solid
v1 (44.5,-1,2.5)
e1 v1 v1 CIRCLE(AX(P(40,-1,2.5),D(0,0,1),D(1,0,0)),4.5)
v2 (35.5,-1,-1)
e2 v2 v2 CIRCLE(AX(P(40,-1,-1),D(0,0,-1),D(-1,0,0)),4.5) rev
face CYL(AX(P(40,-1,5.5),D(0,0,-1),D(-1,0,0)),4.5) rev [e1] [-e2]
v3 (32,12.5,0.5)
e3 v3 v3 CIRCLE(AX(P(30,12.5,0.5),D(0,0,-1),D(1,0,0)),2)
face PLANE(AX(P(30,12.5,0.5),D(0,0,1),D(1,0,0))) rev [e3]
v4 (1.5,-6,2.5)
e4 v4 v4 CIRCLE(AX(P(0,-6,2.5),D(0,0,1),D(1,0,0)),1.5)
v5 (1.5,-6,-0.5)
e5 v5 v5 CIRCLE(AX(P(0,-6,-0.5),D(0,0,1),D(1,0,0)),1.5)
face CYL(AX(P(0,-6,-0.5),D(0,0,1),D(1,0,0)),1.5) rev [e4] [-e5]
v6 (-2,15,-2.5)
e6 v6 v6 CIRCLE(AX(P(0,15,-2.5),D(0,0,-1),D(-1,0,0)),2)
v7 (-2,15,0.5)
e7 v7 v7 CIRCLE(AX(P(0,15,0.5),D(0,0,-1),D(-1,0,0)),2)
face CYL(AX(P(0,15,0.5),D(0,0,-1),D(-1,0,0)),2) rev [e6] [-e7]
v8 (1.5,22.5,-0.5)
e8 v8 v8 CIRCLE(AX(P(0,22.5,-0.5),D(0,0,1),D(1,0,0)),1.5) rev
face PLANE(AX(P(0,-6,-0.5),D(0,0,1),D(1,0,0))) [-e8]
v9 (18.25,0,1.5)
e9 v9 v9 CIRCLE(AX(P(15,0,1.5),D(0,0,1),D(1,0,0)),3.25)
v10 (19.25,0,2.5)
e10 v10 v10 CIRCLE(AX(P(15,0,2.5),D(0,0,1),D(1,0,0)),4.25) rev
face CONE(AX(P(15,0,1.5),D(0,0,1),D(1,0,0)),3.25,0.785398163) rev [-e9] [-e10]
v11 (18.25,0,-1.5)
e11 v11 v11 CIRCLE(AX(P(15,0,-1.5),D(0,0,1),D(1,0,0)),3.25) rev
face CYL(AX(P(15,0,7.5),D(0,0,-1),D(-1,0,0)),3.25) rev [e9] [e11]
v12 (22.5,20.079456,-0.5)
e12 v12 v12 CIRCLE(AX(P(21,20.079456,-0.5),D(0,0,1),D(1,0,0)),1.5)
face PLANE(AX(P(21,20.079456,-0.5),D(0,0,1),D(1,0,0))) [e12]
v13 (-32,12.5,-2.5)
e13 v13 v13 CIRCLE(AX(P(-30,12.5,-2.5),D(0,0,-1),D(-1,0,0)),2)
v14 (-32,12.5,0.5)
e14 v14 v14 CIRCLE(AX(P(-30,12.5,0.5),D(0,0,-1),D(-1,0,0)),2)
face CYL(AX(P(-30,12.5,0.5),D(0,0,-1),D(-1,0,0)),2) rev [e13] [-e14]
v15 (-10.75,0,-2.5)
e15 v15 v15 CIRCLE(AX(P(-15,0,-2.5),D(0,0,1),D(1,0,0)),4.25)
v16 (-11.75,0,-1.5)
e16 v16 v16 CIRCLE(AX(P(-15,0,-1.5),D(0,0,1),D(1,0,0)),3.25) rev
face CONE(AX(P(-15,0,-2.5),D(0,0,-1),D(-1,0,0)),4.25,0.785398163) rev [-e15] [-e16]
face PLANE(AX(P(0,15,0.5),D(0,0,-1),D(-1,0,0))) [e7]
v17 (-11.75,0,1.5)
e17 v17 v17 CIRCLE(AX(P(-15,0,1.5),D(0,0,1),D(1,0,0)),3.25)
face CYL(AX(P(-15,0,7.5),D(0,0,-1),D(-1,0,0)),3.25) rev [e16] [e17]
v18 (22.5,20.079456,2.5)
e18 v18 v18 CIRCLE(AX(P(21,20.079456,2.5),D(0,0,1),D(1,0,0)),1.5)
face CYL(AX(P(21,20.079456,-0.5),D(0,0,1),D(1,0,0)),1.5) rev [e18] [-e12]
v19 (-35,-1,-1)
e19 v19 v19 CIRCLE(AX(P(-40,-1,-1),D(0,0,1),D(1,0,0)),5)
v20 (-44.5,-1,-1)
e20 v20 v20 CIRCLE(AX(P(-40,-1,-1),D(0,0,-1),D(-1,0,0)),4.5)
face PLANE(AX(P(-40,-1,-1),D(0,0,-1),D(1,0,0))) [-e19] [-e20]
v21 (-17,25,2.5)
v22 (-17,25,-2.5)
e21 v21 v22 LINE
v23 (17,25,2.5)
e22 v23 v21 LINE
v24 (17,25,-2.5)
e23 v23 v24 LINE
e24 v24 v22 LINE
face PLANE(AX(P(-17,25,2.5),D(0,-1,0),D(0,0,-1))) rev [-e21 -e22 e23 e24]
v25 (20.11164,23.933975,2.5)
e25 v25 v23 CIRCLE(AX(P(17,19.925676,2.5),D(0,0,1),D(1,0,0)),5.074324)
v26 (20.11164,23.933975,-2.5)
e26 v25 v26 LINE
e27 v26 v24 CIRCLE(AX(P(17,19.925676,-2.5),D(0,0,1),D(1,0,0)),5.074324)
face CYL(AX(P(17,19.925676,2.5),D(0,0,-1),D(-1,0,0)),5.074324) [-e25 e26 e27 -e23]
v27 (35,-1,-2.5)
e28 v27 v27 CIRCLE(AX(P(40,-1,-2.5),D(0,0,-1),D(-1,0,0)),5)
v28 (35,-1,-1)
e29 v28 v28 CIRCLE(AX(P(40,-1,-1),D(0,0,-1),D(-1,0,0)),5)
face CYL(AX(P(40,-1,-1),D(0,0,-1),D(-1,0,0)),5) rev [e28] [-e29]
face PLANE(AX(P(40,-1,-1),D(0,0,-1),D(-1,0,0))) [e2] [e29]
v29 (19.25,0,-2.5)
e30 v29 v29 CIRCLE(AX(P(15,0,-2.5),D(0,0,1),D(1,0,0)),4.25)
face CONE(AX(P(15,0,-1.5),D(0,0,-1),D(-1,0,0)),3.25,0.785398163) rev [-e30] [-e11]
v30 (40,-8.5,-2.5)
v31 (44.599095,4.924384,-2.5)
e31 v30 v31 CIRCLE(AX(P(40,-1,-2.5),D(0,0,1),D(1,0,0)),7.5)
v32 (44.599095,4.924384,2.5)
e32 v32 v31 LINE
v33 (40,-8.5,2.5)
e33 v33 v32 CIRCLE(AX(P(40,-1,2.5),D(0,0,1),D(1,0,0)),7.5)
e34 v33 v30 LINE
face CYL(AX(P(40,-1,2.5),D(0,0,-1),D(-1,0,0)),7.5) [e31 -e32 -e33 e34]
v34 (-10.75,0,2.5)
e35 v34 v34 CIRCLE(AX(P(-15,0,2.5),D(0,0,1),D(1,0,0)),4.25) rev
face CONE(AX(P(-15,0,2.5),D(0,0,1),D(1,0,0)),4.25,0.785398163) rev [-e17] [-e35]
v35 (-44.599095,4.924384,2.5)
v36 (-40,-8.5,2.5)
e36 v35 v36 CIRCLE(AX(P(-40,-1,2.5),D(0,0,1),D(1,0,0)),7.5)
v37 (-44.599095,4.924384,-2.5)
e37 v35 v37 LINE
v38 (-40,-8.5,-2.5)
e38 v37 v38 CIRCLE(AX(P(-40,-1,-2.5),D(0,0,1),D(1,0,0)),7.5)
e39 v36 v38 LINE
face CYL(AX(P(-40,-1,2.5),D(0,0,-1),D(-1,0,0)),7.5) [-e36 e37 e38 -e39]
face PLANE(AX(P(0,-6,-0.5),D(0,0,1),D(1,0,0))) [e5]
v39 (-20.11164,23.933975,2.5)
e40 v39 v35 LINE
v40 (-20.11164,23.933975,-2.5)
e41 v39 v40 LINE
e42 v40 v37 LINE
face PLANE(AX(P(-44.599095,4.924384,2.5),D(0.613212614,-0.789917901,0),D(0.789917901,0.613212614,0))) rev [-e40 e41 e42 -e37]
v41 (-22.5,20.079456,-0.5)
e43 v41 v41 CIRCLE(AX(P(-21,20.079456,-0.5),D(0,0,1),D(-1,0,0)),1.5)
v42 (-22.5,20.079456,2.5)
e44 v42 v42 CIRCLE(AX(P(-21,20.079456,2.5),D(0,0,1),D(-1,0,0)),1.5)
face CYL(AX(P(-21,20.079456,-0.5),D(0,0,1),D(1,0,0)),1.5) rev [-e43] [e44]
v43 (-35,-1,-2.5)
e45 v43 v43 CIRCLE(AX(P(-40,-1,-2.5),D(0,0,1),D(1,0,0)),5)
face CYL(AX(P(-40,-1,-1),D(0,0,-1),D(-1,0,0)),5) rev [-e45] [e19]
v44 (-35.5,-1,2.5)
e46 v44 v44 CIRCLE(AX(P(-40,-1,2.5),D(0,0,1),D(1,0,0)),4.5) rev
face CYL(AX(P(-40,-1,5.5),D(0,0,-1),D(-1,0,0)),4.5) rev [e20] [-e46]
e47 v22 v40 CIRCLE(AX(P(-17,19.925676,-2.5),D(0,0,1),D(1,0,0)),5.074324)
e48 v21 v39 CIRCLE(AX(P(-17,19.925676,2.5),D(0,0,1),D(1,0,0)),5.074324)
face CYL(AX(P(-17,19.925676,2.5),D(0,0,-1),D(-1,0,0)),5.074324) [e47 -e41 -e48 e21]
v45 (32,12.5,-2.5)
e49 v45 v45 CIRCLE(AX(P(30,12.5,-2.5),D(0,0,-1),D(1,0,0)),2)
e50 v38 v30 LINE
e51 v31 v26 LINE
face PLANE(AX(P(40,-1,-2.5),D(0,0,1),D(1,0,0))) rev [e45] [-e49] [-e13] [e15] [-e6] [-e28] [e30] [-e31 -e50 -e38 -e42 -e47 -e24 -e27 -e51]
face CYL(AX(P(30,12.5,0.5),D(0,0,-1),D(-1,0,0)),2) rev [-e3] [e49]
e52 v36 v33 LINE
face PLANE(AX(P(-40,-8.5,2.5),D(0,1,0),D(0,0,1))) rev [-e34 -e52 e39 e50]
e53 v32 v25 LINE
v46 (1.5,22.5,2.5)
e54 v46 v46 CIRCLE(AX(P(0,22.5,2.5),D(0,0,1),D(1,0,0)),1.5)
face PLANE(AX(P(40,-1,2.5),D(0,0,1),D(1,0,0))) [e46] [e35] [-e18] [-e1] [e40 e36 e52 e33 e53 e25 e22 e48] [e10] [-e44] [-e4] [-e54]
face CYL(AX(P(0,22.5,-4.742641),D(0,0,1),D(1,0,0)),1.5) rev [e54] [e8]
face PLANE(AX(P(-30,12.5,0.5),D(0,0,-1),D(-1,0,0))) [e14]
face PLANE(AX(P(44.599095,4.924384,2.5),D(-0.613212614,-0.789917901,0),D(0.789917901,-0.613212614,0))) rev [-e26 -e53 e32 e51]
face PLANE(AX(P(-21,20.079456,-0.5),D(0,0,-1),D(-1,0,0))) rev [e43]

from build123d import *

# Parameters (mm, degrees)
BOSS_EXTRUDE2_DEPTH      = 2.5
SKETCH3_R                = 4.5
CUT_EXTRUDE3_DEPTH       = 8
SKETCH4_R                = 5
CUT_EXTRUDE4_DEPTH       = 1.5
SKETCH5_R                = 3.25
CUT_EXTRUDE5_DEPTH       = 10
CHAMFER6_SIZE            = 1
CHAMFER6_OF_MIRROR7_SIZE = 1
SKETCH6_R                = 2
CUT_EXTRUDE6_DEPTH       = 3
SKETCH7_R                = 1.5
CUT_EXTRUDE7_DEPTH       = 3
SKETCH8_R                = 1.5
CUT_EXTRUDE8_DEPTH       = 3


with BuildPart() as part:
    # Sketch1 → Boss-Extrude2 (new body, symmetric)
    with BuildSketch(Plane.XY):
        with BuildLine():
            Line((-44.599094606, 4.924384255), (-20.111639684, 23.933975293))
            ThreePointArc((-20.111639684, 23.933975293), (-18.64459039, 24.726101678), (-17, 25))
            Line((-17, 25), (17, 25))
            ThreePointArc((17, 25), (18.64459039, 24.726101678), (20.111639684, 23.933975293))
            Line((20.111639684, 23.933975293), (44.599094606, 4.924384255))
            ThreePointArc((44.599094606, 4.924384255), (47.095170256, -3.430752773), (40, -8.5))
            Line((40, -8.5), (-40, -8.5))
            ThreePointArc((-40, -8.5), (-47.095170256, -3.430752773), (-44.599094606, 4.924384255))
        make_face()
    extrude(amount=BOSS_EXTRUDE2_DEPTH, both=True)

    # Sketch3 → Cut-Extrude3 (cut)
    with BuildSketch(Plane(origin=(0, 0, -2.5), x_dir=(-1, 0, 0), z_dir=(0, 0, -1))):
        with Locations((-40, -1)):
            Circle(SKETCH3_R)
    cut_extrude3 = extrude(amount=-CUT_EXTRUDE3_DEPTH, mode=Mode.SUBTRACT)

    # Sketch4 → Cut-Extrude4 (cut)
    with BuildSketch(Plane(origin=(0, 0, -2.5), x_dir=(-1, 0, 0), z_dir=(0, 0, -1))):
        with Locations((-40, -1)):
            Circle(SKETCH4_R)
    cut_extrude4 = extrude(amount=-CUT_EXTRUDE4_DEPTH, mode=Mode.SUBTRACT)

    # Mirror1: Cut-Extrude3, Cut-Extrude4 across plane
    add(cut_extrude3.mirror(Plane(origin=(0, 0, 0), x_dir=(0, 0, 1), z_dir=(1, 0, 0))), mode=Mode.SUBTRACT)
    add(cut_extrude4.mirror(Plane(origin=(0, 0, 0), x_dir=(0, 0, 1), z_dir=(1, 0, 0))), mode=Mode.SUBTRACT)

    # Sketch5 → Cut-Extrude5 (cut)
    with BuildSketch(Plane(origin=(0, 0, -2.5), x_dir=(-1, 0, 0), z_dir=(0, 0, -1))):
        with Locations((-15, 0)):
            Circle(SKETCH5_R)
    cut_extrude5 = extrude(amount=-CUT_EXTRUDE5_DEPTH, mode=Mode.SUBTRACT)

    # Chamfer6
    chamfer6_edges = [part.edges().sort_by_distance(p)[0] for p in [
        (18.25, 0, 2.5),
        (18.25, 0, -2.5),
    ]]
    chamfer(chamfer6_edges, length=CHAMFER6_SIZE)

    # Mirror7: Cut-Extrude5 across plane
    add(cut_extrude5.mirror(Plane(origin=(0, 0, 0), x_dir=(0, 0, 1), z_dir=(1, 0, 0))), mode=Mode.SUBTRACT)

    # Chamfer6 of Mirror7
    chamfer6_of_mirror7_edges = [part.edges().sort_by_distance(p)[0] for p in [
        (-18.25, 0, 2.5),
        (-18.25, 0, -2.5),
    ]]
    chamfer(chamfer6_of_mirror7_edges, length=CHAMFER6_OF_MIRROR7_SIZE)

    # Sketch6 → Cut-Extrude6 (cut)
    with BuildSketch(Plane(origin=(0, 0, -2.5), x_dir=(-1, 0, 0), z_dir=(0, 0, -1))):
        with Locations((0, 15)):
            Circle(SKETCH6_R)
        with Locations((30, 12.5)):
            Circle(SKETCH6_R)
        with Locations((-30, 12.5)):
            Circle(SKETCH6_R)
    extrude(amount=-CUT_EXTRUDE6_DEPTH, mode=Mode.SUBTRACT)

    # Sketch7 → Cut-Extrude7 (cut)
    with BuildSketch(Plane.XY.offset(2.5)):
        with Locations((21, 20.079456047)):
            Circle(SKETCH7_R)
        with Locations((0, -6)):
            Circle(SKETCH7_R)
        with Locations((-21, 20.079456047)):
            Circle(SKETCH7_R)
    extrude(amount=-CUT_EXTRUDE7_DEPTH, mode=Mode.SUBTRACT)

    # Sketch8 → Cut-Extrude8 (cut)
    with BuildSketch(Plane.XY.offset(2.5)):
        with Locations((0, 22.5)):
            Circle(SKETCH8_R)
    extrude(amount=-CUT_EXTRUDE8_DEPTH, mode=Mode.SUBTRACT)


solid = part.part
